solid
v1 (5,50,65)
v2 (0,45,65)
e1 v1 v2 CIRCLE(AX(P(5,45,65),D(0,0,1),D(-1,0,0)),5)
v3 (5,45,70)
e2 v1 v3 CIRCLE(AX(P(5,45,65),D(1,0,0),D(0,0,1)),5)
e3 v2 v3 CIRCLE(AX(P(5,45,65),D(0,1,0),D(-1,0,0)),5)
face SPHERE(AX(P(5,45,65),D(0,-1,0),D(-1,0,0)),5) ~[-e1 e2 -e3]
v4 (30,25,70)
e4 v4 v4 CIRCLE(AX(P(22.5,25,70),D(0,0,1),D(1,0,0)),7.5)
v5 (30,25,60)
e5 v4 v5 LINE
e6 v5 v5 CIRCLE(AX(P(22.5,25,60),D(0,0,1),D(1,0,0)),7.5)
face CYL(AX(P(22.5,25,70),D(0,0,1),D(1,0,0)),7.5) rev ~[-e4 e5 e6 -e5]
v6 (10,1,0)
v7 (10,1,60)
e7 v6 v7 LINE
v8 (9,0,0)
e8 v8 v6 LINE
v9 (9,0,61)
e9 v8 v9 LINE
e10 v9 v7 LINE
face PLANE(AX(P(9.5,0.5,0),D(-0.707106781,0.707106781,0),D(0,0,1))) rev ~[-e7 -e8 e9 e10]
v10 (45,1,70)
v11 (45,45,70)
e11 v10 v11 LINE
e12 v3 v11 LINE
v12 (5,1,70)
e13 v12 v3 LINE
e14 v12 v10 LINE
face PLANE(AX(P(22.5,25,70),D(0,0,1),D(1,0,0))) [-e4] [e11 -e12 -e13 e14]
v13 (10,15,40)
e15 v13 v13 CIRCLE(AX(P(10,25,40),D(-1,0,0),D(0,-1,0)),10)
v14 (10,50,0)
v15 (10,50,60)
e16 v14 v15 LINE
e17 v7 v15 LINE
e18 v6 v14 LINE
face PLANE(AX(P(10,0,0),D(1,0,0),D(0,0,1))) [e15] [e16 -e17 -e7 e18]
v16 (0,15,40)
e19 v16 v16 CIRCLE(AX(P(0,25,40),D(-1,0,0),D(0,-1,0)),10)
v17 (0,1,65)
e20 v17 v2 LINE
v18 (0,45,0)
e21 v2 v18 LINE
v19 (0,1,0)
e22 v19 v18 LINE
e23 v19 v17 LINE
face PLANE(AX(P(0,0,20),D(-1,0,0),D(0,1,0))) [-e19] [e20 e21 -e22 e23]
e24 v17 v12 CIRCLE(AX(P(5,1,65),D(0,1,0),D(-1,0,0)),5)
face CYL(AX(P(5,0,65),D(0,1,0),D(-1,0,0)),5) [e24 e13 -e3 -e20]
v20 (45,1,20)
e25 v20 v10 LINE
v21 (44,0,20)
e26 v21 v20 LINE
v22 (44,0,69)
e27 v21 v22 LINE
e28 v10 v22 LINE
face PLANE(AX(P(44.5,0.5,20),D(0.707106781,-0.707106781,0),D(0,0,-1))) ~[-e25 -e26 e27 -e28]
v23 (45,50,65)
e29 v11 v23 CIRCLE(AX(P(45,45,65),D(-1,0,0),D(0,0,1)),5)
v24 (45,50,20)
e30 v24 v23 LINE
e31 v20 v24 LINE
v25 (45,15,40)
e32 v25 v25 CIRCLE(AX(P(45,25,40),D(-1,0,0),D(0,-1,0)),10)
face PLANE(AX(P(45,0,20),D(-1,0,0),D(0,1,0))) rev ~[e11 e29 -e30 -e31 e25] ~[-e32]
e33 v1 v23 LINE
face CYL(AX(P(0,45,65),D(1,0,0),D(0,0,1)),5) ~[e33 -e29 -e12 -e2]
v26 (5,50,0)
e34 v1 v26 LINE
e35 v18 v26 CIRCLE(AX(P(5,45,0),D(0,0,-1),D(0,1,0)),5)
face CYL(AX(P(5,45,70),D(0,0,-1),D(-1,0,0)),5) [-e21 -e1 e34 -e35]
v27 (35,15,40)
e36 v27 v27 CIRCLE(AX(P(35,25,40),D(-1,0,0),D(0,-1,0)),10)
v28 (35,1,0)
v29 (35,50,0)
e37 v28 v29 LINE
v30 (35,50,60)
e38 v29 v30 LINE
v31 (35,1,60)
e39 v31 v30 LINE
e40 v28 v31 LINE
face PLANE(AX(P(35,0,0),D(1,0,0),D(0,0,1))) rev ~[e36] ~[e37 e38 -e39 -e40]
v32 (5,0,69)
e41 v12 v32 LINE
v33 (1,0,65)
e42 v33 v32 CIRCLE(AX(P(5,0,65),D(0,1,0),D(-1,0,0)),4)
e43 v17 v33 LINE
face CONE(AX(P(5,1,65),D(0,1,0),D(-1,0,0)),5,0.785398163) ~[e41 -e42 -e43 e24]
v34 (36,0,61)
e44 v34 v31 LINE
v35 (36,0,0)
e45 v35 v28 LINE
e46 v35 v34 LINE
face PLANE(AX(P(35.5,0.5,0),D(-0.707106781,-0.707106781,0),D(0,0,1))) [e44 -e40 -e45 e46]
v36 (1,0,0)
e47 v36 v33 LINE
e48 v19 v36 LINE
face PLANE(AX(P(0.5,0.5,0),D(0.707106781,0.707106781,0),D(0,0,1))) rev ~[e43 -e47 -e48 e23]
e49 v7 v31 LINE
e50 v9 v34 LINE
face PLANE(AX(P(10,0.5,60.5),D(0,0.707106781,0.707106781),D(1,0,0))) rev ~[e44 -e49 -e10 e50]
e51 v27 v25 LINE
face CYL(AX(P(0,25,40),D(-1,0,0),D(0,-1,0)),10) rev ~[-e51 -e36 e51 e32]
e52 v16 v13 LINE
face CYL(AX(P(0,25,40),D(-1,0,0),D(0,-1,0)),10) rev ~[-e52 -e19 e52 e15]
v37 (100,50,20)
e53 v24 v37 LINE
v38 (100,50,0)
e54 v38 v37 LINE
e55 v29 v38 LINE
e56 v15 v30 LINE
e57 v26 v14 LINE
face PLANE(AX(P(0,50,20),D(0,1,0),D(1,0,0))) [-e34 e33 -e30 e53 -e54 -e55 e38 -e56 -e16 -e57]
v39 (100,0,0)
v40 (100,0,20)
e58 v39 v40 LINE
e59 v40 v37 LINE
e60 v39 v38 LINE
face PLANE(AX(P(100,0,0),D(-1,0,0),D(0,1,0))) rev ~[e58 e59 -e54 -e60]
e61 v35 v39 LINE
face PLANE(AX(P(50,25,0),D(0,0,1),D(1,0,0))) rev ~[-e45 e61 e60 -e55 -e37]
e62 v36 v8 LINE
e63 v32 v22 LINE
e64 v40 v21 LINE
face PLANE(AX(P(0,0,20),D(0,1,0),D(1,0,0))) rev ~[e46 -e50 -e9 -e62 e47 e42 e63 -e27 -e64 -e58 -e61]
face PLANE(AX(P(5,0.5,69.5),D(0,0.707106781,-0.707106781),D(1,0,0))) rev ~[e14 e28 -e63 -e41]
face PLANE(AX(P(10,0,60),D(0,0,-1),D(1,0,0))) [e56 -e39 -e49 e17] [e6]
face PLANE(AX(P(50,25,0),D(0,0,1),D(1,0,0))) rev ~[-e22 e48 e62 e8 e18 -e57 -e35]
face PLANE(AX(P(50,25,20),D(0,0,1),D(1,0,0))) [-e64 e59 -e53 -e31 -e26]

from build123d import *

# Parameters (mm, degrees)
F0_W     = 100
F0_H     = 50
F1_DEPTH = 20
F2_W     = 45
F2_H     = 50
F3_DEPTH = 50
F4_W     = 25
F4_H     = 60
F5_DEPTH = 50
F6_R     = 10
F7_DEPTH = 45
F8_R     = 7.5
F9_DEPTH = 10
F10_R    = 5
F11_SIZE = 1


with BuildPart() as f1:
    # F0 (on Top) → F1 (new body)
    with BuildSketch(Plane.XY):
        with Locations((50, 25)):
            Rectangle(F0_W, F0_H)
    extrude(amount=F1_DEPTH)

    # F2 (on face) → F3 (join)
    with BuildSketch(Plane.XY.offset(20)):
        with Locations((22.5, 25)):
            Rectangle(F2_W, F2_H)
    extrude(amount=F3_DEPTH)

    # F4 (on face) → F5 (cut, through all)
    with BuildSketch(Plane.XZ):
        with Locations((22.5, 30)):
            Rectangle(F4_W, F4_H)
    extrude(amount=-F5_DEPTH, mode=Mode.SUBTRACT)

    # F6 (on face) → F7 (cut, through all)
    with BuildSketch(Plane(origin=(0, 0, 0), x_dir=(0, -1, 0), z_dir=(-1, 0, 0))):
        with Locations((-25, 40)):
            Circle(F6_R)
    extrude(amount=-F7_DEPTH, mode=Mode.SUBTRACT)

    # F8 (on face) → F9 (cut, through all)
    with BuildSketch(Plane.XY.offset(70)):
        with Locations((22.5, 25)):
            Circle(F8_R)
    extrude(amount=-F9_DEPTH, mode=Mode.SUBTRACT)

    # F10
    f10_edges = [f1.edges().sort_by_distance(p)[0] for p in [
        (0, 25, 70),
        (0, 50, 35),
        (22.5, 50, 70),
    ]]
    fillet(f10_edges, radius=F10_R)

    # F11
    f11_edges = [f1.edges().sort_by_distance(p)[0] for p in [
        (0, 0, 32.5),
        (25, 0, 70),
        (45, 0, 45),
        (35, 0, 30),
        (22.5, 0, 60),
        (10, 0, 30),
    ]]
    chamfer(f11_edges, length=F11_SIZE)


solid = f1.part
